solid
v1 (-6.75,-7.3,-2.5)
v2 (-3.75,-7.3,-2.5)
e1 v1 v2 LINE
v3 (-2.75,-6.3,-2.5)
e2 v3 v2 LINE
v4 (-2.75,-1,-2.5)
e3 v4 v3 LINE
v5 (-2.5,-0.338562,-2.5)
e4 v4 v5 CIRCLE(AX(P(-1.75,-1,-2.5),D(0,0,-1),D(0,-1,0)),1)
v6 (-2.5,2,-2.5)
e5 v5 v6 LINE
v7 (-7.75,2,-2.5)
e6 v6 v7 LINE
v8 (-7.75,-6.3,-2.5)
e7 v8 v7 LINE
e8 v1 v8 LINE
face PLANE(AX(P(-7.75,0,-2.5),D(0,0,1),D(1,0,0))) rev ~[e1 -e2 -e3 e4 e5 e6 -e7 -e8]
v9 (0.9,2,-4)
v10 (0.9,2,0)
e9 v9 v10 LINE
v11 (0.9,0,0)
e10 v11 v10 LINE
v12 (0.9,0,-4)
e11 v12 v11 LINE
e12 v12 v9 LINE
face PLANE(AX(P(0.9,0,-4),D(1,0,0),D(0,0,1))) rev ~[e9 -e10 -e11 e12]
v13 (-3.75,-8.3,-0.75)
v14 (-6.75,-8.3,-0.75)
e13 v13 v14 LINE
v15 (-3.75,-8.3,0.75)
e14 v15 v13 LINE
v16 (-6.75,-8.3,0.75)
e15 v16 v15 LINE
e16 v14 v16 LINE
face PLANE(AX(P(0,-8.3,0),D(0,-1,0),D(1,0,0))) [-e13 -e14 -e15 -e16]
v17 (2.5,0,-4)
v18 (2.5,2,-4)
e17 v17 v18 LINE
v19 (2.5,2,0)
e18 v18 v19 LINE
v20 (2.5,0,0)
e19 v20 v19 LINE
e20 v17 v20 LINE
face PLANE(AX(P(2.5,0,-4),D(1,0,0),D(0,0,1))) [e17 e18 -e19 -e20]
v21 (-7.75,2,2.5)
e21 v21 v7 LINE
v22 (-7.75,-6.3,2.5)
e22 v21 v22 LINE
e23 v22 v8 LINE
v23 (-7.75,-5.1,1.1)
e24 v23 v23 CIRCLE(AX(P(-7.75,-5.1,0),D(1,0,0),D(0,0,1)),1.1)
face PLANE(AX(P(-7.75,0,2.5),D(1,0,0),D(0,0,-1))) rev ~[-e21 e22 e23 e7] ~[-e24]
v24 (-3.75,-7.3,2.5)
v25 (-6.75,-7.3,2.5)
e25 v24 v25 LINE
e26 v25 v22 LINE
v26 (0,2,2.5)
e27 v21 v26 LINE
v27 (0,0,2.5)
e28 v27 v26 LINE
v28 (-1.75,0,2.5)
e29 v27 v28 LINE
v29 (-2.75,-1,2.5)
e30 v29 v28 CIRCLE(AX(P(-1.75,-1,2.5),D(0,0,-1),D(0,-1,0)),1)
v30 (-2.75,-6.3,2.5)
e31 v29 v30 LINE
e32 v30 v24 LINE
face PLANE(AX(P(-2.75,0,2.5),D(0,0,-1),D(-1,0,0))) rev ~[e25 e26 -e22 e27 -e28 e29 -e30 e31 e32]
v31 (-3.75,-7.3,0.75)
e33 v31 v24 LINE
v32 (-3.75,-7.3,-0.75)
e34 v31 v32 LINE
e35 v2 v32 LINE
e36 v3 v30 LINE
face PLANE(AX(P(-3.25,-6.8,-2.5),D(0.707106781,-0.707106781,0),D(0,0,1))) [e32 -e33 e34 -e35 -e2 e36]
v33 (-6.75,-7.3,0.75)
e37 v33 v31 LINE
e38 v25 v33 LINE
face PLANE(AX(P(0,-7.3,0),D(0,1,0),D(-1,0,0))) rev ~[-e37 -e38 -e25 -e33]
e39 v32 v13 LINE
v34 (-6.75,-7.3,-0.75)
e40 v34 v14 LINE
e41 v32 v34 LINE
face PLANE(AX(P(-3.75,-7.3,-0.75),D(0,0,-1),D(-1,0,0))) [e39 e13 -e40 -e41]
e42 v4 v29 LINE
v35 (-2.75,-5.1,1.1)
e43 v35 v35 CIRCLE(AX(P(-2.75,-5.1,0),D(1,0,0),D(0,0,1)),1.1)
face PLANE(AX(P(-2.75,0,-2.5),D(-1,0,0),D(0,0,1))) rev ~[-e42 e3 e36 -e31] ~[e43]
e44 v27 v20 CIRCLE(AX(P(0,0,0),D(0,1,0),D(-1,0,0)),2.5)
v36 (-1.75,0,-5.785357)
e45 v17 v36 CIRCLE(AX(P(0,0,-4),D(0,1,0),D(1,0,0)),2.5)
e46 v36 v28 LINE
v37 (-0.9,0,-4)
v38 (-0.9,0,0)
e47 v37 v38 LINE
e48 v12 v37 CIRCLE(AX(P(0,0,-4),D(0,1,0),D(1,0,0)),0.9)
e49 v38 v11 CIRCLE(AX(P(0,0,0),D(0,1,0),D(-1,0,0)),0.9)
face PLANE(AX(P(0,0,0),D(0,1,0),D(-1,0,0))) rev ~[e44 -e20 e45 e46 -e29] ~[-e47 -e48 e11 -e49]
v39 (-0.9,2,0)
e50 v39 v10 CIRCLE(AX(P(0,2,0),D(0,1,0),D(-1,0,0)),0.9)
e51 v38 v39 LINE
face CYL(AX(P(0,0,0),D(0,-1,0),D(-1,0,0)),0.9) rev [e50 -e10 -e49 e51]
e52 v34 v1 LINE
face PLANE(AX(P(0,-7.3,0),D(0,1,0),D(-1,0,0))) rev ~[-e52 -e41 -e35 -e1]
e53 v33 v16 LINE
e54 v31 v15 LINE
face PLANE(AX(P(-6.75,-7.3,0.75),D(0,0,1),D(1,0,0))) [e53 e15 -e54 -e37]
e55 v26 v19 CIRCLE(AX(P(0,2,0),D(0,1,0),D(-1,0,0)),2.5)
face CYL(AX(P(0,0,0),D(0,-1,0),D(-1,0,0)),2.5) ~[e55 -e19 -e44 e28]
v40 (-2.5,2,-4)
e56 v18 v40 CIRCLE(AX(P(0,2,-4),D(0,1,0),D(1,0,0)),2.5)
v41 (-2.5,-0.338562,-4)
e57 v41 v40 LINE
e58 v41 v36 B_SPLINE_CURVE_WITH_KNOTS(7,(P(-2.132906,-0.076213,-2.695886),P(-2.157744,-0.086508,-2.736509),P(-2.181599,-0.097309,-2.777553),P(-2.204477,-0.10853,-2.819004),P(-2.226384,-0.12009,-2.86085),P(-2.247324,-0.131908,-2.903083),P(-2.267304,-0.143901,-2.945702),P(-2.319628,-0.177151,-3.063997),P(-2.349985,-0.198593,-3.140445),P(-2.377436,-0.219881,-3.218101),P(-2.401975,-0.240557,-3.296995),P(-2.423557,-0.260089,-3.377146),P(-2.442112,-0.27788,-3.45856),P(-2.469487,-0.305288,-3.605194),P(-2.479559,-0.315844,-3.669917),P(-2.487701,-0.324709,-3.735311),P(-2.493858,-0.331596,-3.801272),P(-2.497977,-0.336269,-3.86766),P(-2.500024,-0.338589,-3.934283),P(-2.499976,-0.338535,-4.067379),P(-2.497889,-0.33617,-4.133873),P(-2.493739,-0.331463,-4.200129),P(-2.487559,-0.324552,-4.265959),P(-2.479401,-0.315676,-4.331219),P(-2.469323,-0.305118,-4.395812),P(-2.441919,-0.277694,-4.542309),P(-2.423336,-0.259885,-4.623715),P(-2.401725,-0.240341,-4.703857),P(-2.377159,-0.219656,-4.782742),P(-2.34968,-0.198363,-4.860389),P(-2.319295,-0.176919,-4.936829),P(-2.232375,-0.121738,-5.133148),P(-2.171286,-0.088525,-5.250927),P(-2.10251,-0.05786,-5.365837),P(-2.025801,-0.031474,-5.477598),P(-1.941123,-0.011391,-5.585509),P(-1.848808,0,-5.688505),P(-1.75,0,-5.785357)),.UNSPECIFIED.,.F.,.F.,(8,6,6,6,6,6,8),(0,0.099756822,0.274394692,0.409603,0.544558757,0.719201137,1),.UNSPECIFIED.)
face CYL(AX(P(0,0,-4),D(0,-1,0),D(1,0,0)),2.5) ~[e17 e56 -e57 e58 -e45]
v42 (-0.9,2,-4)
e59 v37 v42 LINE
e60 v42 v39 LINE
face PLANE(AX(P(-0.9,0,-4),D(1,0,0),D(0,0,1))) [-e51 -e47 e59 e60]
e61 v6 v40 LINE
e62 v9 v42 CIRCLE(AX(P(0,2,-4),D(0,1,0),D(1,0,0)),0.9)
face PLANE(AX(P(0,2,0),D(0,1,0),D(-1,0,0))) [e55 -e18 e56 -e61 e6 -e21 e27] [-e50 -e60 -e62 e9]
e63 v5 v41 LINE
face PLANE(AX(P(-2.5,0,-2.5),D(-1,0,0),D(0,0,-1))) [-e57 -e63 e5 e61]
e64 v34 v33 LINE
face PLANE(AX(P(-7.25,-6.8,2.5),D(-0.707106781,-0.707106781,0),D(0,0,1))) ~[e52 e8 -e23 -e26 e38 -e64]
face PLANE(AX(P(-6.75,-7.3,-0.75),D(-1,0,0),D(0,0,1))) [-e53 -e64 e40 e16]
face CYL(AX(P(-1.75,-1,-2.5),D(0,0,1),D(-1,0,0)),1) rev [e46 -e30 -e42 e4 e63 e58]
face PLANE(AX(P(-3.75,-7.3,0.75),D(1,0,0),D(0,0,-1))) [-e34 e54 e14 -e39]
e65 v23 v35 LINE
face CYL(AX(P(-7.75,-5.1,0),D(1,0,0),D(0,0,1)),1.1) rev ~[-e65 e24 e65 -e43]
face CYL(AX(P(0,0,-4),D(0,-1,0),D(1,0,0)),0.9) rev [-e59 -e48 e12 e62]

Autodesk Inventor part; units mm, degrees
ref_plane "YZ Plane" through (0, 0, 0) normal (1, 0, 0) x (0, 1, 0)
ref_plane "XZ Plane" through (0, 0, 0) normal (0, 1, 0) x (-1, 0, 0)
sketch "スケッチ1" plane through (0, 0, 0) normal (0, 1, 0) x (-1, 0, 0)
  arc A0 (0.9, 0) -> (-0.9, 0) centre (0, 0) ccw
  arc A1 (-0.9, -4) -> (0.9, -4) centre (0, -4) ccw
  line L0 (0, 0) -> (0, -4) construction
  line L1 (-0.9, -4) -> (-0.9, 0)
  line L2 (0.9, -4) -> (0.9, 0)
  arc A2 (-2.5, -4) -> (2.5, -4) centre (0, -4) ccw
  line L3 (-2.5, -4) -> (-2.5, 0)
  arc A3 (2.5, 0) -> (-2.5, 0) centre (0, 0) ccw
  line L4 (2.5, 0) -> (2.5, -4)
  line L5 (7.75, -2.5) -> (2.5, -2.5)
  line L6 (0, 2.5) -> (7.75, 2.5)
  line L7 (7.75, 2.5) -> (7.75, -2.5)
  line L8 (7.75, -2.5) -> (2.75, -2.5)
  line L9 (2.75, -2.5) -> (2.75, 2.5)
  line L10 (2.75, 2.5) -> (7.75, 2.5)
  line L11 (7.75, 2.5) -> (7.75, -2.5)
  point P0 (2.5, -2.5)
  point P1 (-2.5, -2.5)
  point P2 (1.2097, 2.1879)
  point P3 (5.25, -2.5)
  point P4 (5.25, -2.5)
  point P5 (2.75, -2.5)
  point P6 (0, 2.5)
  dimension "d0" = 1.8
  dimension "d1" = 4
  dimension "d2" = 1.6
  dimension "d6" = 5
  dimension "d27" = 5.25
  dimension "d28" = 5
extrude "押し出し1" add sketch "スケッチ1" along normal blind 2
extrude "押し出し4" add sketch "スケッチ1" against normal blind 7.3 contours L9 L6 L7 L5
sketch "スケッチ5" plane through (-7.75, 2, -2.5) normal (-1, 0, 0) x (0, 0, 1)
  line L0 (5, -9.3) -> (0, -9.3) projected
  point P0 (2.5, -2)
  point P1 (2.5, -7.1)
  point P2 (2.5, -9.3)
  dimension "d31" = 2.2
hole "穴2" at (-7.75, -5.1, 0) direction (1, 0, 0) diameter 2.2 end through all
fillet "フィレット2" radius 1 1 edges at (-2.75, 0, 0)
ref_plane "作業平面2" through (0, 0, 0) normal (1, 0, 0) x (0, 0, -1)
chamfer "面取り1" distance 1 angle 45 2 edges at (-7.75, -7.3, 0) (-2.75, -7.3, 0)
sketch "スケッチ6" plane through (0, -7.3, 0) normal (0, -1, 0) x (1, 0, 0)
  line L0 (-3.75, 2.5) -> (-3.75, -2.5) projected
  line L1 (-6.75, -2.5) -> (-6.75, 2.5) projected
  line L2 (-6.75, 0.75) -> (-3.75, 0.75)
  line L3 (-3.75, 0.75) -> (-3.75, -0.75)
  line L4 (-3.75, -0.75) -> (-6.75, -0.75)
  line L5 (-6.75, -0.75) -> (-6.75, 0.75)
  point P0 (0, 0)
  point P1 (-6.75, 0)
  dimension "d43" = 1.5
extrude "押し出し5" add sketch "スケッチ6" along normal blind 1
properties part number "om_Drop_10g_R" material "ABS プラスチック"
